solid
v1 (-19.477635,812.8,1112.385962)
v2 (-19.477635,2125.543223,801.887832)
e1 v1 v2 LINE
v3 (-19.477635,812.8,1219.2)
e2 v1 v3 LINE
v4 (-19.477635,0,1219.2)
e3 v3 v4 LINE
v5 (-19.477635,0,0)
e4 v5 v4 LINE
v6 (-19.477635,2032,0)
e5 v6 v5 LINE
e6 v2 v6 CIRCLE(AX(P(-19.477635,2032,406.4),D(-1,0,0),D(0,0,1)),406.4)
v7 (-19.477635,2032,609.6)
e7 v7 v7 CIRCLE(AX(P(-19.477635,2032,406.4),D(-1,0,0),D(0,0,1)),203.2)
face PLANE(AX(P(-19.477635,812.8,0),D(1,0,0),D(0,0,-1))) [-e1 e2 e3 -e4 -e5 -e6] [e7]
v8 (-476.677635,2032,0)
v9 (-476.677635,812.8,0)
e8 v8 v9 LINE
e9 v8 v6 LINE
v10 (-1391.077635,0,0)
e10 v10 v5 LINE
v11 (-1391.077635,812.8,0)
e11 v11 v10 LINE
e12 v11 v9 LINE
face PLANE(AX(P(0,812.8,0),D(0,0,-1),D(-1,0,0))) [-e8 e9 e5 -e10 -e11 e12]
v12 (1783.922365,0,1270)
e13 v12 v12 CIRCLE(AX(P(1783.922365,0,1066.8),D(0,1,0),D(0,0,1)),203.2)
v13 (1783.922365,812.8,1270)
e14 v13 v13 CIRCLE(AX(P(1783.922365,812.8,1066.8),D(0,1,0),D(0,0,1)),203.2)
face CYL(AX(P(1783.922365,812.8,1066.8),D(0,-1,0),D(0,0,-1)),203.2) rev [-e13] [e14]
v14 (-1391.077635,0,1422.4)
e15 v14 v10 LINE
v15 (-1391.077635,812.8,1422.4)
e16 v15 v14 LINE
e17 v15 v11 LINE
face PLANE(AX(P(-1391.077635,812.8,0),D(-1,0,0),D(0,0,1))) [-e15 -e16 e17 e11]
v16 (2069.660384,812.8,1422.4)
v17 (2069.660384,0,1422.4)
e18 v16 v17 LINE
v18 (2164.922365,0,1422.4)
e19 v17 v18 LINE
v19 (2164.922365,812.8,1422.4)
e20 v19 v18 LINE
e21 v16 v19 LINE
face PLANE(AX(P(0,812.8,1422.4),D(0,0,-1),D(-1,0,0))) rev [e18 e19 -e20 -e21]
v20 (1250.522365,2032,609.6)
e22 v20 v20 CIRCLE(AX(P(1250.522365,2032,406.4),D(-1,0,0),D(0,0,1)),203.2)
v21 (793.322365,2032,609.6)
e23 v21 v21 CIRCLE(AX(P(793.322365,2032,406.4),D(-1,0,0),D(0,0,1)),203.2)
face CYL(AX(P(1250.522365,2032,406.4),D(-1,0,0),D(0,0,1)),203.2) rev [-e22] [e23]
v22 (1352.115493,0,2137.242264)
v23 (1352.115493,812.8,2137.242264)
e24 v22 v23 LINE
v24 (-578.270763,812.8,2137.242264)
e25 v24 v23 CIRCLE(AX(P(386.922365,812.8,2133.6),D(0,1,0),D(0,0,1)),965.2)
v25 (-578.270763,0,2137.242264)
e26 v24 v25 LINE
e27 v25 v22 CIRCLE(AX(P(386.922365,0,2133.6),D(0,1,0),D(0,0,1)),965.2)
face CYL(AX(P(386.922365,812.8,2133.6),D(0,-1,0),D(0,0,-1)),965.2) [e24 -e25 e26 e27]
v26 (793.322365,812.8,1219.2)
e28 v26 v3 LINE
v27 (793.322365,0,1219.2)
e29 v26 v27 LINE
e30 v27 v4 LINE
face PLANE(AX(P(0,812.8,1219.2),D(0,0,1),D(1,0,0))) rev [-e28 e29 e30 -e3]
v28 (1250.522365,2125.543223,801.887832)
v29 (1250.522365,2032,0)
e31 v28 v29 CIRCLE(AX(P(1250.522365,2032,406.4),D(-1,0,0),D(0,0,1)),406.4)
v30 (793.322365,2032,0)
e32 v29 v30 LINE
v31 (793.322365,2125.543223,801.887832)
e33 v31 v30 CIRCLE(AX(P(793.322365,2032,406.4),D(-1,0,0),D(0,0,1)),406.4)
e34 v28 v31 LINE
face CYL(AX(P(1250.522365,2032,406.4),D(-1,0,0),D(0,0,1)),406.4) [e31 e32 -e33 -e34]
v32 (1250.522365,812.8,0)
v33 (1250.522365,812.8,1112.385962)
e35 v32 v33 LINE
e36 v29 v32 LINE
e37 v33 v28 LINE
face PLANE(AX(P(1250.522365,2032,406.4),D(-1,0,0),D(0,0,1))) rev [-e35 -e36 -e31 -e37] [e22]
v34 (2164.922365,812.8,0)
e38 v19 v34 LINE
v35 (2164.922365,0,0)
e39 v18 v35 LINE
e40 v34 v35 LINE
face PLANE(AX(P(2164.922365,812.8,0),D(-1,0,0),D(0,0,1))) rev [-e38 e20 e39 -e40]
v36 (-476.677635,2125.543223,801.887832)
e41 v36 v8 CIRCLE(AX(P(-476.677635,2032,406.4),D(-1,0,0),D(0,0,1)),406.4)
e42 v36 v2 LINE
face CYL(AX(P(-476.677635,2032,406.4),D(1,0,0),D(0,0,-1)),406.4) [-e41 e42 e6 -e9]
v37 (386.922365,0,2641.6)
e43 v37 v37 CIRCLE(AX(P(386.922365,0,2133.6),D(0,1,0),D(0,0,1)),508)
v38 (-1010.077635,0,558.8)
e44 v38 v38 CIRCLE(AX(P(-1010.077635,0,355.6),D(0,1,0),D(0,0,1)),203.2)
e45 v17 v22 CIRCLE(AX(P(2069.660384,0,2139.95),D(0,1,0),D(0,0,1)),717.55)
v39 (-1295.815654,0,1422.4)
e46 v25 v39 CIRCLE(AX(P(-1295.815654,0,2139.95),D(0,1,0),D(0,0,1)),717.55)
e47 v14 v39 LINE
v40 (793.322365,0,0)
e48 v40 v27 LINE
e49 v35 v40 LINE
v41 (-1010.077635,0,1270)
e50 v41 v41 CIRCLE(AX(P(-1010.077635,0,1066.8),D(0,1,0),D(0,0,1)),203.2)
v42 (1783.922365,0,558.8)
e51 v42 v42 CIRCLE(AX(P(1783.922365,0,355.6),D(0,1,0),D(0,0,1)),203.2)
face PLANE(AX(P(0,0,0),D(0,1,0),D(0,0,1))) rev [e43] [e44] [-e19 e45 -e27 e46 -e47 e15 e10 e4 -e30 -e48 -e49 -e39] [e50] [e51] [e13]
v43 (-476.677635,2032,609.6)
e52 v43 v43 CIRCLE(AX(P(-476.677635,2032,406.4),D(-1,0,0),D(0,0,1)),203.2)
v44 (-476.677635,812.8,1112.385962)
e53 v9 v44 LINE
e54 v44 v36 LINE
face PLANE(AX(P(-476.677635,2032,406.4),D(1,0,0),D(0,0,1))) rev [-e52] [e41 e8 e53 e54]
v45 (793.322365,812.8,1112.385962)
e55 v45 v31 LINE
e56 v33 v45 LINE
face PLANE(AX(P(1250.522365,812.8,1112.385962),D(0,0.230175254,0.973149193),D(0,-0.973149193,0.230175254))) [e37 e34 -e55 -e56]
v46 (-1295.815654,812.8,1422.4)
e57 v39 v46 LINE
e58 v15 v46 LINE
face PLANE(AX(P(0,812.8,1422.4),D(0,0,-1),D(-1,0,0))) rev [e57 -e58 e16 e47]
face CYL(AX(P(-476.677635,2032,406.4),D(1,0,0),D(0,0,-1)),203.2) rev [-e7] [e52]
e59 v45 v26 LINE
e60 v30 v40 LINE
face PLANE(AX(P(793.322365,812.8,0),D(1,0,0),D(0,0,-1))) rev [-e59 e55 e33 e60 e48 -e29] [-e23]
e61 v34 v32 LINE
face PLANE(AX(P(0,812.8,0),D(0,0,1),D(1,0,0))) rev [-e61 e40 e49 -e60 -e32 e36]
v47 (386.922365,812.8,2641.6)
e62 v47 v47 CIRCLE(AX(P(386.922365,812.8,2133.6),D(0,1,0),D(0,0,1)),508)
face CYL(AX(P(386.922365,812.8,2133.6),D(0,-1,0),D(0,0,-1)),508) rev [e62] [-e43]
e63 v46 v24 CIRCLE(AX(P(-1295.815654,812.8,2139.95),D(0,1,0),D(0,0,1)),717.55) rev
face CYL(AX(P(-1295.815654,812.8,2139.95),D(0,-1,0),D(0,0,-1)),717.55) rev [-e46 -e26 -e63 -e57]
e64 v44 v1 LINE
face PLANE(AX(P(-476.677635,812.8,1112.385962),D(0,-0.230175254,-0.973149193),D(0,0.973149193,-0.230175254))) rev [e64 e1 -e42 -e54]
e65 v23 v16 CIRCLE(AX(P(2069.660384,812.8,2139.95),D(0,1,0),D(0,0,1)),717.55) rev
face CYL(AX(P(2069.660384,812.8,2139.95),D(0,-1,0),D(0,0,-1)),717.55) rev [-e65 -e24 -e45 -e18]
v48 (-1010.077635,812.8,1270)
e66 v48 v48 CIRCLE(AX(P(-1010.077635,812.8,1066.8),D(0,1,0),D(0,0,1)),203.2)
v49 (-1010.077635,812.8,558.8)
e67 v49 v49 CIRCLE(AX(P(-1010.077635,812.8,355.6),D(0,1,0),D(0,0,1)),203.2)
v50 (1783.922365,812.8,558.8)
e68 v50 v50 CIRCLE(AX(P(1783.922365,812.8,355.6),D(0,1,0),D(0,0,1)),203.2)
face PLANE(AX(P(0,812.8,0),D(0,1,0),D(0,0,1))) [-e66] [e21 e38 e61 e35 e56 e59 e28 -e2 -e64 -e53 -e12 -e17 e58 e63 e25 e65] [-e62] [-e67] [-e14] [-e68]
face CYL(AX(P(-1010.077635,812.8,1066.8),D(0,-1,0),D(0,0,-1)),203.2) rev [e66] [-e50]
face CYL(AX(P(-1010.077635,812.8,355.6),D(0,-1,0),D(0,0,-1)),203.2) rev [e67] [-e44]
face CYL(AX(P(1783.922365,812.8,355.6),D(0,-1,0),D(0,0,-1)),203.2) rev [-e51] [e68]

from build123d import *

# Parameters (mm, degrees)
SKETCH_1_R      = 508
SKETCH_1_R_2    = 203.2
EXTRUDE_1_DEPTH = 812.8
FILLET_3_R      = 717.55
SKETCH_5_R      = 203.2
EXTRUDE_4_DEPTH = 457.2


with BuildPart() as part:
    # 草图1 → 凸台-拉伸1 (new body)
    with BuildSketch(Plane(origin=(0, 0, 0), x_dir=(1, 0, 0), z_dir=(0, 1, 0))):
        with BuildLine():
            Line((-578.277634848, -1422.4), (-578.277634848, -2133.6))
            ThreePointArc((-578.277634848, -2133.6), (386.922365152, -3098.8), (1352.122365152, -2133.6))
            Line((1352.122365152, -2133.6), (1352.122365152, -1422.4))
            Line((1352.122365152, -1422.4), (2164.922365152, -1422.4))
            Line((2164.922365152, -1422.4), (2164.922365152, 0))
            Line((2164.922365152, 0), (793.322365152, 0))
            Line((793.322365152, 0), (793.322365152, -1219.2))
            Line((793.322365152, -1219.2), (-19.477634848, -1219.2))
            Line((-19.477634848, -1219.2), (-19.477634848, 0))
            Line((-19.477634848, 0), (-1391.077634848, 0))
            Line((-1391.077634848, 0), (-1391.077634848, -1422.4))
            Line((-1391.077634848, -1422.4), (-578.277634848, -1422.4))
        make_face()
        with Locations(Location((386.922365152, -2133.6, 0), (0, 0, 270))):
            Circle(SKETCH_1_R, mode=Mode.SUBTRACT)
        with Locations(Location((1783.922365152, -1066.8, 0), (0, 0, 270))):
            Circle(SKETCH_1_R_2, mode=Mode.SUBTRACT)
        with Locations(Location((1783.922365152, -355.6, 0), (0, 0, 270))):
            Circle(SKETCH_1_R_2, mode=Mode.SUBTRACT)
        with Locations(Location((-1010.077634848, -1066.8, 0), (0, 0, 270))):
            Circle(SKETCH_1_R_2, mode=Mode.SUBTRACT)
        with Locations(Location((-1010.077634848, -355.6, 0), (0, 0, 270))):
            Circle(SKETCH_1_R_2, mode=Mode.SUBTRACT)
    extrude(amount=EXTRUDE_1_DEPTH)

    # 圆角3
    fillet_3_edges = [part.edges().sort_by_distance(p)[0] for p in [
        (1352.122365152, 406.4, 1422.4),
        (-578.277634848, 406.4, 1422.4),
    ]]
    fillet(fillet_3_edges, radius=FILLET_3_R)

    # 草图5 → 凸台-拉伸4 (add)
    with BuildSketch(Plane.ZY.offset(-793.322365152)):
        with BuildLine():
            Line((0, 812.8), (0, 2032))
            ThreePointArc((0, 2032), (359.311227426, 2435.662739793), (801.887832172, 2125.543223183))
            Line((801.887832172, 2125.543223183), (1112.385962125, 812.8))
            Line((1112.385962125, 812.8), (0, 812.8))
        make_face()
        with Locations((406.4, 2032)):
            Circle(SKETCH_5_R, mode=Mode.SUBTRACT)
    extrude_4 = extrude(amount=-EXTRUDE_4_DEPTH)

    # 镜向1: 凸台-拉伸4 across plane
    add(extrude_4.mirror(Plane.ZY.offset(-386.922365152)))


solid = part.part
